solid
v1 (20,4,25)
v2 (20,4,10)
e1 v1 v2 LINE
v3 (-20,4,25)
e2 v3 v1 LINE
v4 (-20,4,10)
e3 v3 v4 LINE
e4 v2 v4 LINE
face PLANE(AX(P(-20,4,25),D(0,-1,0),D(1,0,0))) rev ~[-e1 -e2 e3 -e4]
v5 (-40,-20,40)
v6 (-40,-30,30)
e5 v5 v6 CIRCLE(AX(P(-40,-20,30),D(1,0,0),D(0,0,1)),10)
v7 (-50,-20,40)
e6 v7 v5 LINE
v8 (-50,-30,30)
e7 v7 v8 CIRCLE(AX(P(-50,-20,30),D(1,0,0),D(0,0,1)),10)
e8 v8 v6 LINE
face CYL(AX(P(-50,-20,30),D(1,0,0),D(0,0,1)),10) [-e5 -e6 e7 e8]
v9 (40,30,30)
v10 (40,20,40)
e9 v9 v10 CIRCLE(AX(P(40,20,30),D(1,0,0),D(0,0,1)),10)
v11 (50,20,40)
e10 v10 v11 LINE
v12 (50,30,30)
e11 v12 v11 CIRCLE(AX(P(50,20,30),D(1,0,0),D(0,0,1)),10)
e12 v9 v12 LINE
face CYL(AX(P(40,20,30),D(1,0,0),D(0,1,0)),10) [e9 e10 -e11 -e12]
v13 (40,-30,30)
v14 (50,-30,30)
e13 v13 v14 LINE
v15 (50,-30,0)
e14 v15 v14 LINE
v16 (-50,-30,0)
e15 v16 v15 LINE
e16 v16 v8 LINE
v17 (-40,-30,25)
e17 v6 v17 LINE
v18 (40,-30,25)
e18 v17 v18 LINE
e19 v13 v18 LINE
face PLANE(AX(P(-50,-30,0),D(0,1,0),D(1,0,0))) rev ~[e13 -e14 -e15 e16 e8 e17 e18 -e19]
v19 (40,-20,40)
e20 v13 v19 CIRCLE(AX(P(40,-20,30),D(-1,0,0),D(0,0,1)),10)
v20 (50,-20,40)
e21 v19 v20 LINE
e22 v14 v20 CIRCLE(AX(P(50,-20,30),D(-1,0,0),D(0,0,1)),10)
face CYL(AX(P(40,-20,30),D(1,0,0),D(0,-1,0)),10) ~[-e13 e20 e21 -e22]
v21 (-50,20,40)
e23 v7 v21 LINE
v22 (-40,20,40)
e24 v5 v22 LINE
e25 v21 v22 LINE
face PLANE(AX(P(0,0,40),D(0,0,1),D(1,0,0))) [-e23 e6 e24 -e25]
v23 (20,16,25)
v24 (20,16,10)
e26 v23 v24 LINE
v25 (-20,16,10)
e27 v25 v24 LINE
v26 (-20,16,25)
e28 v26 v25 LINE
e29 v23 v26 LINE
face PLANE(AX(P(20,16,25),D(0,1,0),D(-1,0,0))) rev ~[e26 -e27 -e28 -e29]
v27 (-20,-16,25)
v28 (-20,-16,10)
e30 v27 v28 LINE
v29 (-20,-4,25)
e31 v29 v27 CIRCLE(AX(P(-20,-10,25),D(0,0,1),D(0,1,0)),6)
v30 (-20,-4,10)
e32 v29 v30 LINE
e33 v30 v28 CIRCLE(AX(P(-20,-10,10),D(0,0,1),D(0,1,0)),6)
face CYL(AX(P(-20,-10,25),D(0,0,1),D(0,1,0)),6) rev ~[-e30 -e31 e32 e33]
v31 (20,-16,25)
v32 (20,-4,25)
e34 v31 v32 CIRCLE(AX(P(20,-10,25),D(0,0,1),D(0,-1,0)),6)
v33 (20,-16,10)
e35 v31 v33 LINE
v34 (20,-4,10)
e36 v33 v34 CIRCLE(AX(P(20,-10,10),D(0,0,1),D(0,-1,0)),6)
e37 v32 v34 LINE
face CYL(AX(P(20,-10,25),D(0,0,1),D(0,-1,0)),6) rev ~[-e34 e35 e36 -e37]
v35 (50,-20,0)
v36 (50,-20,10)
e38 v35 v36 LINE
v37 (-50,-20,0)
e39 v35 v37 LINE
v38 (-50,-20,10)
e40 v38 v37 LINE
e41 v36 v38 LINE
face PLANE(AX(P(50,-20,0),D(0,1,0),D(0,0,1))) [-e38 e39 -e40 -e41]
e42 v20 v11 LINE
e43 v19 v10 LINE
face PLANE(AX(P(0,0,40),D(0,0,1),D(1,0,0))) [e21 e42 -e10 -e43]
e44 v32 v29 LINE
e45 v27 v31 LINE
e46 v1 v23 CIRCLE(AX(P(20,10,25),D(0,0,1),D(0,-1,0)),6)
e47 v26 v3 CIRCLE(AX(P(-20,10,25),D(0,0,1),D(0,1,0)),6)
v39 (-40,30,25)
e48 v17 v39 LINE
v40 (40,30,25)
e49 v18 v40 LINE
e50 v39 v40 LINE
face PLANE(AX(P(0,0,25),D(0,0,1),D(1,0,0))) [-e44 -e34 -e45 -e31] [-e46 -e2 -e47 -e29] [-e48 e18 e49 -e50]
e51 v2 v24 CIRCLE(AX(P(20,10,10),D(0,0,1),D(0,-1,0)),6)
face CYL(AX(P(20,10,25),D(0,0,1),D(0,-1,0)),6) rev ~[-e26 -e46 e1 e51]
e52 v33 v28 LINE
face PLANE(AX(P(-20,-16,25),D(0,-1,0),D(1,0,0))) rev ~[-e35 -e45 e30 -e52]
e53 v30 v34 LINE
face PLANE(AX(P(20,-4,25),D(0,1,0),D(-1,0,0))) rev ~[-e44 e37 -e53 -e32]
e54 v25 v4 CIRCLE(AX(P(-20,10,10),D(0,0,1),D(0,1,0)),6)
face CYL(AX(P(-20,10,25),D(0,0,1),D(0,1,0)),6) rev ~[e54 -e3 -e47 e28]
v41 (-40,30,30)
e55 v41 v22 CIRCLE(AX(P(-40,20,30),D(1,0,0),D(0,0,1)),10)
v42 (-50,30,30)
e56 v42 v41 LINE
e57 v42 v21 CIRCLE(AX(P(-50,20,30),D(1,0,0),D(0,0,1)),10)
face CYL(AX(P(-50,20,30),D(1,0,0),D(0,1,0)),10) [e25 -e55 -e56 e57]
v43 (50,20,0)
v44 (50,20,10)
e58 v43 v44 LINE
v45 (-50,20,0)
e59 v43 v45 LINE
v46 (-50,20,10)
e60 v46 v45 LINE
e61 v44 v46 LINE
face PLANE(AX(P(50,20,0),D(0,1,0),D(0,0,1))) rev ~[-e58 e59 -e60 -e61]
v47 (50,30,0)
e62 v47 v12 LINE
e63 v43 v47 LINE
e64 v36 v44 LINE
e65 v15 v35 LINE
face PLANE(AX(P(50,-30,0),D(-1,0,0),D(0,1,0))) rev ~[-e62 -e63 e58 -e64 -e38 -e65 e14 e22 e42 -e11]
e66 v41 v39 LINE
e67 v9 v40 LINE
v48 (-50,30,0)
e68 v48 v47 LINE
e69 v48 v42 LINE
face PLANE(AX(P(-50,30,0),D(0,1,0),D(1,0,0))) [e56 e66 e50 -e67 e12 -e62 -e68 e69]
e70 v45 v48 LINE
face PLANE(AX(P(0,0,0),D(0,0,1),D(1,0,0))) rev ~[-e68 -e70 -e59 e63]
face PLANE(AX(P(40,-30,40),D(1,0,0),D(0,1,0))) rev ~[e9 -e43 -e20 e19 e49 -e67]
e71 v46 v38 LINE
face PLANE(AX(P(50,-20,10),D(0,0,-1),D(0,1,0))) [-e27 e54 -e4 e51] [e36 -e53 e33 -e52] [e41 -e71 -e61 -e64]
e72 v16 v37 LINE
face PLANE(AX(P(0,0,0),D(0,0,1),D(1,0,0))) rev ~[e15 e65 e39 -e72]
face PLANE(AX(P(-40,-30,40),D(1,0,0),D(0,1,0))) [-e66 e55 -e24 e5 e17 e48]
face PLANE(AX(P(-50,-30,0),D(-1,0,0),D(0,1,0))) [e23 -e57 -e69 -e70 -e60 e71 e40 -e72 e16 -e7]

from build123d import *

# Parameters (mm, degrees)
F0_W     = 100
F0_H     = 60
F1_DEPTH = 40
F2_W     = 40
F2_H     = 10
F3_DEPTH = 100.001
F4_W     = 80
F4_H     = 60
F5_DEPTH = 15
F7_DEPTH = 25.001
F8_R     = 10


with BuildPart() as f1:
    # F0 (on Top) → F1 (new body)
    with BuildSketch(Plane.XY):
        Rectangle(F0_W, F0_H)
    extrude(amount=F1_DEPTH)

    # F2 (on face) → F3 (cut, through all)
    with BuildSketch(Plane.YZ.offset(50)):
        with Locations((0, 5)):
            Rectangle(F2_W, F2_H)
    extrude(amount=-F3_DEPTH, mode=Mode.SUBTRACT)

    # F4 (on face) → F5 (cut)
    with BuildSketch(Plane.XY.offset(40)):
        Rectangle(F4_W, F4_H)
    extrude(amount=-F5_DEPTH, mode=Mode.SUBTRACT)

    # F6 (on face) → F7 (cut, through all)
    with BuildSketch(Plane.XY.offset(25)):
        with BuildLine():
            Line((20, 16), (-20, 16))
            ThreePointArc((-20, 16), (-26, 10), (-20, 4))
            Line((-20, 4), (20, 4))
            ThreePointArc((20, 4), (26, 10), (20, 16))
        make_face()
        with BuildLine():
            Line((20, -4), (-20, -4))
            ThreePointArc((-20, -4), (-26, -10), (-20, -16))
            Line((-20, -16), (20, -16))
            ThreePointArc((20, -16), (26, -10), (20, -4))
        make_face()
    extrude(amount=-F7_DEPTH, mode=Mode.SUBTRACT)

    # F8
    f8_edges = [f1.edges().sort_by_distance(p)[0] for p in [
        (45, -30, 40),
        (-45, -30, 40),
        (45, 30, 40),
        (-45, 30, 40),
    ]]
    fillet(f8_edges, radius=F8_R)


solid = f1.part
